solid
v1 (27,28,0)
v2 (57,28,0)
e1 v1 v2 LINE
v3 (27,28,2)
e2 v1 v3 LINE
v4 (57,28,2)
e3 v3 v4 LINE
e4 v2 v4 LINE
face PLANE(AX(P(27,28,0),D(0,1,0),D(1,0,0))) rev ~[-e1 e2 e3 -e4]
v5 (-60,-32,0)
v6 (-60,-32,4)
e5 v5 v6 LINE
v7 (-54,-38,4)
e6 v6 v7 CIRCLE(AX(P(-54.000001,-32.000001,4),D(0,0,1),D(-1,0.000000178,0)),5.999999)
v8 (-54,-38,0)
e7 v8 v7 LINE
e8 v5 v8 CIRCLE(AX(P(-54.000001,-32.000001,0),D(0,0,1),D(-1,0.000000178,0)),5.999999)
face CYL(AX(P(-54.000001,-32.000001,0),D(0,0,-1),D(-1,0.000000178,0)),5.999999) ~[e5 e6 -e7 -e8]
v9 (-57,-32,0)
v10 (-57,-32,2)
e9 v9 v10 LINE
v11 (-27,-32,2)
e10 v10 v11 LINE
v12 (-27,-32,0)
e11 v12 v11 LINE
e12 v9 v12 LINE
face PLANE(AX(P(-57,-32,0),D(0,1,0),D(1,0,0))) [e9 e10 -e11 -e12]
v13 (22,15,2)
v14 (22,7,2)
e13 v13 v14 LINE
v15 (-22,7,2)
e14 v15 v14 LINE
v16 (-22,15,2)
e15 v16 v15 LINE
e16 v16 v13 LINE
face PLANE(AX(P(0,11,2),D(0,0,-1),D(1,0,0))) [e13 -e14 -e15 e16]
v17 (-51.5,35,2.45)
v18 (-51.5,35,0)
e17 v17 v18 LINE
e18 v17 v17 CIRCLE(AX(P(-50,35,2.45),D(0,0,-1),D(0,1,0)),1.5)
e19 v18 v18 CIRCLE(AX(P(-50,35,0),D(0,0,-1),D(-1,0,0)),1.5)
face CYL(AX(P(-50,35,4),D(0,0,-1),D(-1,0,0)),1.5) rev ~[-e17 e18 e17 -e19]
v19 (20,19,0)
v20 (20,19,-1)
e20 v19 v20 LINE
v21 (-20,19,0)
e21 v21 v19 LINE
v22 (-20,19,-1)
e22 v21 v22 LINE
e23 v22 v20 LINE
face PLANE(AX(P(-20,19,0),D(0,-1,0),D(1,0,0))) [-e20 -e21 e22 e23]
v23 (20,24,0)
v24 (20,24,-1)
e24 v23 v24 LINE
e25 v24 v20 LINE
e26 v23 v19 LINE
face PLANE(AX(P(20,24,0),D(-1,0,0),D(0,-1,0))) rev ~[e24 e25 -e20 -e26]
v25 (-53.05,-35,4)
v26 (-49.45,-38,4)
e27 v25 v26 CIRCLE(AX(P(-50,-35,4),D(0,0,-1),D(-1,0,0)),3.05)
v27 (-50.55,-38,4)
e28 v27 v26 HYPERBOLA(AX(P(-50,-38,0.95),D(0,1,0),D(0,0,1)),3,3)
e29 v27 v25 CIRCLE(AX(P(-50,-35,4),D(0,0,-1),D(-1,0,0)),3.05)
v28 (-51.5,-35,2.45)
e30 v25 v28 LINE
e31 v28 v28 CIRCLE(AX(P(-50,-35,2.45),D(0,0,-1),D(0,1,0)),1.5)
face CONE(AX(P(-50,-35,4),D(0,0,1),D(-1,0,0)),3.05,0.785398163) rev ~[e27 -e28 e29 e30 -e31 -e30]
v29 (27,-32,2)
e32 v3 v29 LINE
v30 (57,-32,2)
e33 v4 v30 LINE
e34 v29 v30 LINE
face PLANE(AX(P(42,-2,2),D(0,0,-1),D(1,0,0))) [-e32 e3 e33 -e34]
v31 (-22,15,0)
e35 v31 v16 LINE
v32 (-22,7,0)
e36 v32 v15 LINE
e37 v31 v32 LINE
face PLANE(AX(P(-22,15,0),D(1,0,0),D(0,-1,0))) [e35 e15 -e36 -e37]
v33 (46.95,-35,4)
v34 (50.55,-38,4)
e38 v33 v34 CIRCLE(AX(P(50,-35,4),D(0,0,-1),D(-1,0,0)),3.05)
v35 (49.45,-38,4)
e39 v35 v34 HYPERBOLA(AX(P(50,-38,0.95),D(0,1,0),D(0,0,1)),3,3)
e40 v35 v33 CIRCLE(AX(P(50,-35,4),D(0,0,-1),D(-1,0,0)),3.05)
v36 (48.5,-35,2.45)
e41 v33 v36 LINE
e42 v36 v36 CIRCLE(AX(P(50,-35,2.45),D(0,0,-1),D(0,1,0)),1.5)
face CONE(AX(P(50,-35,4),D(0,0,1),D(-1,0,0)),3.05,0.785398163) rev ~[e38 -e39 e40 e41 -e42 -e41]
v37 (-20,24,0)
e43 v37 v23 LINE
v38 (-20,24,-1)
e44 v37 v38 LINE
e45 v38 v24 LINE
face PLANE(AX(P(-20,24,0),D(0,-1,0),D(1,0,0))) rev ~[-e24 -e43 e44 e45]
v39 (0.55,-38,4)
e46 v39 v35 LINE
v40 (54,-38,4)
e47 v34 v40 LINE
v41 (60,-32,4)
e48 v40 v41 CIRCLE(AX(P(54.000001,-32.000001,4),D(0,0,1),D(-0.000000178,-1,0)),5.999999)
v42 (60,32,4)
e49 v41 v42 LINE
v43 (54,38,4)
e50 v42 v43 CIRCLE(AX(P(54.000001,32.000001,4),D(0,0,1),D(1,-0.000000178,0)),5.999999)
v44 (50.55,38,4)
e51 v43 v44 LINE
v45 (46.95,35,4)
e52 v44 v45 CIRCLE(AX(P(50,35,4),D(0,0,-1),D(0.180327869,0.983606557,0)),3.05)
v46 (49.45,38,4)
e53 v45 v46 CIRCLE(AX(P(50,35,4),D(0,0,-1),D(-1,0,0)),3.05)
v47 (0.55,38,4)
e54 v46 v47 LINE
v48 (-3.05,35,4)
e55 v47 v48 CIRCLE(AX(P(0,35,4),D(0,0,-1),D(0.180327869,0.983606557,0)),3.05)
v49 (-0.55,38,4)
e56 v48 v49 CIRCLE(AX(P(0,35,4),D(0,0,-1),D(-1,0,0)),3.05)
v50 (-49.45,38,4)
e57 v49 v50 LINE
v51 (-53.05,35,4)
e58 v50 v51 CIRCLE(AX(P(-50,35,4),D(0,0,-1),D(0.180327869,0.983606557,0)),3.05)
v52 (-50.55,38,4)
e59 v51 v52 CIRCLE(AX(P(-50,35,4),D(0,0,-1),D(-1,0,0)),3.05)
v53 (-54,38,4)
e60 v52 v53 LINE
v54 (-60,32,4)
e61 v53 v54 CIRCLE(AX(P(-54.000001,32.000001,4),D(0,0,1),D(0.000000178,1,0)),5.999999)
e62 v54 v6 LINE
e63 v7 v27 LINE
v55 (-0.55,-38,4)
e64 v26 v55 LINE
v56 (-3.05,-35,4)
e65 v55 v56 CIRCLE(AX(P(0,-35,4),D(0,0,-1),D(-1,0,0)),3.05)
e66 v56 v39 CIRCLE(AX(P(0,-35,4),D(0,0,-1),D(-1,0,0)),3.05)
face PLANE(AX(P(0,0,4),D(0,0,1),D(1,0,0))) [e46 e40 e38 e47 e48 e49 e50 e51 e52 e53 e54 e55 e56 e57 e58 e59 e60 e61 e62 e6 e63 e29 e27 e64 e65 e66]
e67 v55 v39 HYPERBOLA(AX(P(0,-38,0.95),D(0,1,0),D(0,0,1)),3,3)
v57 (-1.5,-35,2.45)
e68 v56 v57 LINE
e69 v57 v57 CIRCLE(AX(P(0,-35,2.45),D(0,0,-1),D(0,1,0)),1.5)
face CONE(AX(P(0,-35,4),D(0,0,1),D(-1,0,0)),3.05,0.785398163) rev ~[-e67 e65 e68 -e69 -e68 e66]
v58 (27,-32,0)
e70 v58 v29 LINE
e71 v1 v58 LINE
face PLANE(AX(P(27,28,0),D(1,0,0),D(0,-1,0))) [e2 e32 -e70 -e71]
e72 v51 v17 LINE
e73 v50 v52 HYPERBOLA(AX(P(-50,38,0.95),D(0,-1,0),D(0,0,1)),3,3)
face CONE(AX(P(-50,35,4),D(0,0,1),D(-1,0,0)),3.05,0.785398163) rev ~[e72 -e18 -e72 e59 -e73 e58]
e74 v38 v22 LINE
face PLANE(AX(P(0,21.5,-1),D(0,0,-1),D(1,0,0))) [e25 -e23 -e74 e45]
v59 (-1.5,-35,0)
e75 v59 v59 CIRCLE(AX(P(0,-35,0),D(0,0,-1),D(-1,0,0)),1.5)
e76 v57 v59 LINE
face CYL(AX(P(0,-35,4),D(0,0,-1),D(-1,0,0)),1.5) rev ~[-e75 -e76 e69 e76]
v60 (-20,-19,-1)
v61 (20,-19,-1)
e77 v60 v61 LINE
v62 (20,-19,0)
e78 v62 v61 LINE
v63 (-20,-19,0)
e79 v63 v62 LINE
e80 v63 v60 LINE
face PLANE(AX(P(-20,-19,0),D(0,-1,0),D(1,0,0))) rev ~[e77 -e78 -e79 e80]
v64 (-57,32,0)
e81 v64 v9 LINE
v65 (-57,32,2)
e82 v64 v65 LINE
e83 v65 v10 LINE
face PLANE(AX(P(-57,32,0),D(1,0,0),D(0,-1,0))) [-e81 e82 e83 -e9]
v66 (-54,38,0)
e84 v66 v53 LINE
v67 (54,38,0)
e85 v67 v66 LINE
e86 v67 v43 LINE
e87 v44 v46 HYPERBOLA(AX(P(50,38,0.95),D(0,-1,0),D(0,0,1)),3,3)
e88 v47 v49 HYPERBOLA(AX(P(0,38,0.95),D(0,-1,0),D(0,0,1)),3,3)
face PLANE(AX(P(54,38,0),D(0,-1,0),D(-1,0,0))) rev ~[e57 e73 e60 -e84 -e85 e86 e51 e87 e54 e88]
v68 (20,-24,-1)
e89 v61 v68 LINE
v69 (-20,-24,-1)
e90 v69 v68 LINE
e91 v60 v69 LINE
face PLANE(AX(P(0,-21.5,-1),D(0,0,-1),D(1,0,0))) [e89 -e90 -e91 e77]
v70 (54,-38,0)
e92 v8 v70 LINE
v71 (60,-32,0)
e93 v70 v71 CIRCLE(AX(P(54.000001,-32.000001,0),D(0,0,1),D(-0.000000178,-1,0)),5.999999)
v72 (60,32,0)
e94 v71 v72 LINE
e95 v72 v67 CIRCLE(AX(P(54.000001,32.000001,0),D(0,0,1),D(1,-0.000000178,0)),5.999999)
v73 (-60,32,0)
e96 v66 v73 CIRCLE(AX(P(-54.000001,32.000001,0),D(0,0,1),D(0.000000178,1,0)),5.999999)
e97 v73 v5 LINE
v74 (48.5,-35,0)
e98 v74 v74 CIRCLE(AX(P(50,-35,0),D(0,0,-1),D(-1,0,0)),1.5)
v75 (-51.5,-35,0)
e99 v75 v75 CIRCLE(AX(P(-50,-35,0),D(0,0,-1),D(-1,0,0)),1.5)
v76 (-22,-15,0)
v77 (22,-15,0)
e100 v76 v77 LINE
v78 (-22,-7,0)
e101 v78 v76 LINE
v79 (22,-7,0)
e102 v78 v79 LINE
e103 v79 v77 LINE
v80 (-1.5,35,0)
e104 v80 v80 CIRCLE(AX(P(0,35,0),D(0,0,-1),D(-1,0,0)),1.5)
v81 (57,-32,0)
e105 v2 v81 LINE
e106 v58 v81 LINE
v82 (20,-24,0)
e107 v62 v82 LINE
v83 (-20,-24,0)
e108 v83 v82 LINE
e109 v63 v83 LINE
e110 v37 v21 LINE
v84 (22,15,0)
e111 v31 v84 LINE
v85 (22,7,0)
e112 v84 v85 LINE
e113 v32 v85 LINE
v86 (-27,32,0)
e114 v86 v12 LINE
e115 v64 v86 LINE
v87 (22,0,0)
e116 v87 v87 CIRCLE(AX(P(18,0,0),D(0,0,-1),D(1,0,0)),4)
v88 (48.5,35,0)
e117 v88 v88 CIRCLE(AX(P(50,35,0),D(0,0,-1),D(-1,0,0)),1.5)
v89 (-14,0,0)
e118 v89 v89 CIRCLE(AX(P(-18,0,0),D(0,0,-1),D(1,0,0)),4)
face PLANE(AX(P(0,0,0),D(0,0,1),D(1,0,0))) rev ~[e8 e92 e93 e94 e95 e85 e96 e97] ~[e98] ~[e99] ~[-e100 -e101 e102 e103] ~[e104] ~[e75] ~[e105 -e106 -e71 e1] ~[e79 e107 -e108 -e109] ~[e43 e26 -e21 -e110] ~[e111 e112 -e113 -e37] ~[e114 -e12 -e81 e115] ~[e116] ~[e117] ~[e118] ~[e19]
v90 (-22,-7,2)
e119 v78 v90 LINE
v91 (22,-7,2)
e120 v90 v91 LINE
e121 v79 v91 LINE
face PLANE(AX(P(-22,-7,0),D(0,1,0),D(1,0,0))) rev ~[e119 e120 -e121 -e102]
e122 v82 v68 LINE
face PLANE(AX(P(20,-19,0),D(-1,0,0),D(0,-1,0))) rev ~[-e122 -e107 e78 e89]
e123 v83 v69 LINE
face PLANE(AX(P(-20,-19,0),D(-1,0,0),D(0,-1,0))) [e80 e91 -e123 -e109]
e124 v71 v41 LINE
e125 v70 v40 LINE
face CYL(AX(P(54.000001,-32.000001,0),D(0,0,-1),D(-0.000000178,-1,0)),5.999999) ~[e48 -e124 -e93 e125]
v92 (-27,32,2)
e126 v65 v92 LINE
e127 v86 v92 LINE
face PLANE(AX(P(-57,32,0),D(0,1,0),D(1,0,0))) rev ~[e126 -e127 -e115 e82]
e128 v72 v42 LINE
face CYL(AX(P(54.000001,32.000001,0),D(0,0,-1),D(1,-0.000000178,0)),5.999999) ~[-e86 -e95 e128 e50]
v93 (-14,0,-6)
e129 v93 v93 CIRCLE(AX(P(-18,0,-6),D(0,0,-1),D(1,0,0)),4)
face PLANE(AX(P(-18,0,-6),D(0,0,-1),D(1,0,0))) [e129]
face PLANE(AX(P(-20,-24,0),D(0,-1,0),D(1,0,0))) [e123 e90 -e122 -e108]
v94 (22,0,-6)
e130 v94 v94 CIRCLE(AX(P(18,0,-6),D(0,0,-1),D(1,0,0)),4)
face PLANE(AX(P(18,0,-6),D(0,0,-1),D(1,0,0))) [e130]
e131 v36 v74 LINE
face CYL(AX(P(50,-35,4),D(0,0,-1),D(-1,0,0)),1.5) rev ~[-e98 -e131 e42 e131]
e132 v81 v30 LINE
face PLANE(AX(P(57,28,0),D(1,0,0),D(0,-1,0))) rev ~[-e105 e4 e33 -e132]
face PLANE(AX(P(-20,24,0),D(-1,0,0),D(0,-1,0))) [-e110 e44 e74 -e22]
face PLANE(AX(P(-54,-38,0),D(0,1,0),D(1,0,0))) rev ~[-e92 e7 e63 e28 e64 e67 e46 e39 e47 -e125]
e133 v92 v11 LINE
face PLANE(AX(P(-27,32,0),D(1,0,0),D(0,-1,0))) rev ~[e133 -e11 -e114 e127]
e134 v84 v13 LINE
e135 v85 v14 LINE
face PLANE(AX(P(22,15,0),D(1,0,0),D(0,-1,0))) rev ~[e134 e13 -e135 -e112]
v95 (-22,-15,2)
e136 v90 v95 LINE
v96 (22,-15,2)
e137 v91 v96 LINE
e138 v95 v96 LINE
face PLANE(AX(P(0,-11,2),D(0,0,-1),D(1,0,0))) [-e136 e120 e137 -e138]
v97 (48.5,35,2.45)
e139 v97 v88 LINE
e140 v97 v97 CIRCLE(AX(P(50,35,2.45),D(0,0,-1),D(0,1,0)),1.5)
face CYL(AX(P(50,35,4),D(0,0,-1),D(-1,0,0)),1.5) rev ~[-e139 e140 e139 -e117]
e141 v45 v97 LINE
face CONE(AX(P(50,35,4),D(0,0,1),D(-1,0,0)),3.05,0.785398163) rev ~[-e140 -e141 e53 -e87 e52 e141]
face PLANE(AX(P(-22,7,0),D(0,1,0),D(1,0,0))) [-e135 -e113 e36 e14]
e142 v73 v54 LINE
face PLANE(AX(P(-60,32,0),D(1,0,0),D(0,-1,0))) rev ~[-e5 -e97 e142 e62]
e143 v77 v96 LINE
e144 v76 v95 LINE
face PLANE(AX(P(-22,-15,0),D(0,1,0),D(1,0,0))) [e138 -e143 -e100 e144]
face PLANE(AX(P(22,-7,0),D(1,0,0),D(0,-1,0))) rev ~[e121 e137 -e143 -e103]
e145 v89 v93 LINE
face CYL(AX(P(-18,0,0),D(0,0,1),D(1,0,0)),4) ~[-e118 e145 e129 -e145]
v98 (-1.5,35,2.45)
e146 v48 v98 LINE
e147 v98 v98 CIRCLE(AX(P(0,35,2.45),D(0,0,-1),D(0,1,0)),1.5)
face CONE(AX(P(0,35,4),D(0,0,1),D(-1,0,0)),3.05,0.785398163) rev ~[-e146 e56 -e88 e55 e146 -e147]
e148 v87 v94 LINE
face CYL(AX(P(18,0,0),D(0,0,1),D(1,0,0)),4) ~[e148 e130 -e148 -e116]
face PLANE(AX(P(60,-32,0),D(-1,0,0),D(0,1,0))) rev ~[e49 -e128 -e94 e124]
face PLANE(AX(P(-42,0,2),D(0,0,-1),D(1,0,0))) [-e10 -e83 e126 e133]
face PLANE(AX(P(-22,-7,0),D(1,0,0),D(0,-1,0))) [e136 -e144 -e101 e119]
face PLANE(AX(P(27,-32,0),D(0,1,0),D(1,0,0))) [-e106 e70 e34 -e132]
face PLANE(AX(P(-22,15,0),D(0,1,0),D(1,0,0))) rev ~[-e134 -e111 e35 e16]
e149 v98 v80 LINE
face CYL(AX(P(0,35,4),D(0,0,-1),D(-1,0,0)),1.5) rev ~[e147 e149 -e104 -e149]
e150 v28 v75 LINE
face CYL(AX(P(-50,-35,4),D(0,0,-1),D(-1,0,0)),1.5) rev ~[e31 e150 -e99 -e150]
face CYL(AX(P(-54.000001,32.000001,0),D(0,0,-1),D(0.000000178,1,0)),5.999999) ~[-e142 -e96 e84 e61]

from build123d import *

# Parameters (mm, degrees)
PAD_DEPTH        = 4
HOLE_D           = 3
HOLE_DEPTH       = 25
HOLE_CSINK_D     = 6.1
HOLE_CSINK_ANGLE = 90
SKETCH002_R      = 4
PAD001_DEPTH     = 6
SKETCH003_W      = 40
SKETCH003_H      = 5
PAD002_DEPTH     = 1
SKETCH004_W      = 30
SKETCH004_H      = 64
SKETCH004_H_2    = 60
SKETCH004_W_2    = 44
SKETCH004_H_3    = 8
POCKET_DEPTH     = 2


with BuildPart() as part:
    # Sketch → Pad (new body)
    with BuildSketch(Plane.XY):
        with BuildLine():
            Line((60, -32), (60, 32))
            ThreePointArc((60, 32), (58.242641, 36.242641), (54, 38))
            Line((54, 38), (-54, 38))
            ThreePointArc((-54, 38), (-58.242641, 36.242641), (-60, 32))
            Line((-60, 32), (-60, -32))
            ThreePointArc((-60, -32), (-58.242641, -36.242641), (-54, -38))
            Line((-54, -38), (54, -38))
            ThreePointArc((54, -38), (58.242641, -36.242641), (60, -32))
        make_face()
    extrude(amount=PAD_DEPTH)

    # Hole
    with Locations(Plane.XY.offset(4)):
        with Locations((0, -35), (0, 35), (50, 35), (-50, 35), (-50, -35), (50, -35)):
            CounterSinkHole(HOLE_D / 2, HOLE_CSINK_D / 2, depth=HOLE_DEPTH, counter_sink_angle=HOLE_CSINK_ANGLE)

    # Sketch002 (on Face4 of Hole) → Pad001 (join)
    with BuildSketch(Plane(origin=(0, 0, 0), x_dir=(1, 0, 0), z_dir=(0, 0, -1))):
        with Locations((18, 0)):
            Circle(SKETCH002_R)
        with Locations((-18, 0)):
            Circle(SKETCH002_R)
    extrude(amount=PAD001_DEPTH)

    # Sketch003 (on Face4 of Pad001) → Pad002 (join)
    with BuildSketch(Plane(origin=(0, 0, 0), x_dir=(1, 0, 0), z_dir=(0, 0, -1))):
        with Locations((0, 21.5)):
            Rectangle(SKETCH003_W, SKETCH003_H)
        with Locations((0, -21.5)):
            Rectangle(SKETCH003_W, SKETCH003_H)
    extrude(amount=PAD002_DEPTH)

    # Sketch004 (on Face4 of Pad002) → Pocket (cut)
    with BuildSketch(Plane(origin=(0, 0, 0), x_dir=(1, 0, 0), z_dir=(0, 0, -1))):
        with Locations((-42, 0)):
            Rectangle(SKETCH004_W, SKETCH004_H)
        with Locations((42, 2)):
            Rectangle(SKETCH004_W, SKETCH004_H_2)
        with Locations((0, 11)):
            Rectangle(SKETCH004_W_2, SKETCH004_H_3)
        with Locations((0, -11)):
            Rectangle(SKETCH004_W_2, SKETCH004_H_3)
    extrude(amount=-POCKET_DEPTH, mode=Mode.SUBTRACT)


solid = part.part
